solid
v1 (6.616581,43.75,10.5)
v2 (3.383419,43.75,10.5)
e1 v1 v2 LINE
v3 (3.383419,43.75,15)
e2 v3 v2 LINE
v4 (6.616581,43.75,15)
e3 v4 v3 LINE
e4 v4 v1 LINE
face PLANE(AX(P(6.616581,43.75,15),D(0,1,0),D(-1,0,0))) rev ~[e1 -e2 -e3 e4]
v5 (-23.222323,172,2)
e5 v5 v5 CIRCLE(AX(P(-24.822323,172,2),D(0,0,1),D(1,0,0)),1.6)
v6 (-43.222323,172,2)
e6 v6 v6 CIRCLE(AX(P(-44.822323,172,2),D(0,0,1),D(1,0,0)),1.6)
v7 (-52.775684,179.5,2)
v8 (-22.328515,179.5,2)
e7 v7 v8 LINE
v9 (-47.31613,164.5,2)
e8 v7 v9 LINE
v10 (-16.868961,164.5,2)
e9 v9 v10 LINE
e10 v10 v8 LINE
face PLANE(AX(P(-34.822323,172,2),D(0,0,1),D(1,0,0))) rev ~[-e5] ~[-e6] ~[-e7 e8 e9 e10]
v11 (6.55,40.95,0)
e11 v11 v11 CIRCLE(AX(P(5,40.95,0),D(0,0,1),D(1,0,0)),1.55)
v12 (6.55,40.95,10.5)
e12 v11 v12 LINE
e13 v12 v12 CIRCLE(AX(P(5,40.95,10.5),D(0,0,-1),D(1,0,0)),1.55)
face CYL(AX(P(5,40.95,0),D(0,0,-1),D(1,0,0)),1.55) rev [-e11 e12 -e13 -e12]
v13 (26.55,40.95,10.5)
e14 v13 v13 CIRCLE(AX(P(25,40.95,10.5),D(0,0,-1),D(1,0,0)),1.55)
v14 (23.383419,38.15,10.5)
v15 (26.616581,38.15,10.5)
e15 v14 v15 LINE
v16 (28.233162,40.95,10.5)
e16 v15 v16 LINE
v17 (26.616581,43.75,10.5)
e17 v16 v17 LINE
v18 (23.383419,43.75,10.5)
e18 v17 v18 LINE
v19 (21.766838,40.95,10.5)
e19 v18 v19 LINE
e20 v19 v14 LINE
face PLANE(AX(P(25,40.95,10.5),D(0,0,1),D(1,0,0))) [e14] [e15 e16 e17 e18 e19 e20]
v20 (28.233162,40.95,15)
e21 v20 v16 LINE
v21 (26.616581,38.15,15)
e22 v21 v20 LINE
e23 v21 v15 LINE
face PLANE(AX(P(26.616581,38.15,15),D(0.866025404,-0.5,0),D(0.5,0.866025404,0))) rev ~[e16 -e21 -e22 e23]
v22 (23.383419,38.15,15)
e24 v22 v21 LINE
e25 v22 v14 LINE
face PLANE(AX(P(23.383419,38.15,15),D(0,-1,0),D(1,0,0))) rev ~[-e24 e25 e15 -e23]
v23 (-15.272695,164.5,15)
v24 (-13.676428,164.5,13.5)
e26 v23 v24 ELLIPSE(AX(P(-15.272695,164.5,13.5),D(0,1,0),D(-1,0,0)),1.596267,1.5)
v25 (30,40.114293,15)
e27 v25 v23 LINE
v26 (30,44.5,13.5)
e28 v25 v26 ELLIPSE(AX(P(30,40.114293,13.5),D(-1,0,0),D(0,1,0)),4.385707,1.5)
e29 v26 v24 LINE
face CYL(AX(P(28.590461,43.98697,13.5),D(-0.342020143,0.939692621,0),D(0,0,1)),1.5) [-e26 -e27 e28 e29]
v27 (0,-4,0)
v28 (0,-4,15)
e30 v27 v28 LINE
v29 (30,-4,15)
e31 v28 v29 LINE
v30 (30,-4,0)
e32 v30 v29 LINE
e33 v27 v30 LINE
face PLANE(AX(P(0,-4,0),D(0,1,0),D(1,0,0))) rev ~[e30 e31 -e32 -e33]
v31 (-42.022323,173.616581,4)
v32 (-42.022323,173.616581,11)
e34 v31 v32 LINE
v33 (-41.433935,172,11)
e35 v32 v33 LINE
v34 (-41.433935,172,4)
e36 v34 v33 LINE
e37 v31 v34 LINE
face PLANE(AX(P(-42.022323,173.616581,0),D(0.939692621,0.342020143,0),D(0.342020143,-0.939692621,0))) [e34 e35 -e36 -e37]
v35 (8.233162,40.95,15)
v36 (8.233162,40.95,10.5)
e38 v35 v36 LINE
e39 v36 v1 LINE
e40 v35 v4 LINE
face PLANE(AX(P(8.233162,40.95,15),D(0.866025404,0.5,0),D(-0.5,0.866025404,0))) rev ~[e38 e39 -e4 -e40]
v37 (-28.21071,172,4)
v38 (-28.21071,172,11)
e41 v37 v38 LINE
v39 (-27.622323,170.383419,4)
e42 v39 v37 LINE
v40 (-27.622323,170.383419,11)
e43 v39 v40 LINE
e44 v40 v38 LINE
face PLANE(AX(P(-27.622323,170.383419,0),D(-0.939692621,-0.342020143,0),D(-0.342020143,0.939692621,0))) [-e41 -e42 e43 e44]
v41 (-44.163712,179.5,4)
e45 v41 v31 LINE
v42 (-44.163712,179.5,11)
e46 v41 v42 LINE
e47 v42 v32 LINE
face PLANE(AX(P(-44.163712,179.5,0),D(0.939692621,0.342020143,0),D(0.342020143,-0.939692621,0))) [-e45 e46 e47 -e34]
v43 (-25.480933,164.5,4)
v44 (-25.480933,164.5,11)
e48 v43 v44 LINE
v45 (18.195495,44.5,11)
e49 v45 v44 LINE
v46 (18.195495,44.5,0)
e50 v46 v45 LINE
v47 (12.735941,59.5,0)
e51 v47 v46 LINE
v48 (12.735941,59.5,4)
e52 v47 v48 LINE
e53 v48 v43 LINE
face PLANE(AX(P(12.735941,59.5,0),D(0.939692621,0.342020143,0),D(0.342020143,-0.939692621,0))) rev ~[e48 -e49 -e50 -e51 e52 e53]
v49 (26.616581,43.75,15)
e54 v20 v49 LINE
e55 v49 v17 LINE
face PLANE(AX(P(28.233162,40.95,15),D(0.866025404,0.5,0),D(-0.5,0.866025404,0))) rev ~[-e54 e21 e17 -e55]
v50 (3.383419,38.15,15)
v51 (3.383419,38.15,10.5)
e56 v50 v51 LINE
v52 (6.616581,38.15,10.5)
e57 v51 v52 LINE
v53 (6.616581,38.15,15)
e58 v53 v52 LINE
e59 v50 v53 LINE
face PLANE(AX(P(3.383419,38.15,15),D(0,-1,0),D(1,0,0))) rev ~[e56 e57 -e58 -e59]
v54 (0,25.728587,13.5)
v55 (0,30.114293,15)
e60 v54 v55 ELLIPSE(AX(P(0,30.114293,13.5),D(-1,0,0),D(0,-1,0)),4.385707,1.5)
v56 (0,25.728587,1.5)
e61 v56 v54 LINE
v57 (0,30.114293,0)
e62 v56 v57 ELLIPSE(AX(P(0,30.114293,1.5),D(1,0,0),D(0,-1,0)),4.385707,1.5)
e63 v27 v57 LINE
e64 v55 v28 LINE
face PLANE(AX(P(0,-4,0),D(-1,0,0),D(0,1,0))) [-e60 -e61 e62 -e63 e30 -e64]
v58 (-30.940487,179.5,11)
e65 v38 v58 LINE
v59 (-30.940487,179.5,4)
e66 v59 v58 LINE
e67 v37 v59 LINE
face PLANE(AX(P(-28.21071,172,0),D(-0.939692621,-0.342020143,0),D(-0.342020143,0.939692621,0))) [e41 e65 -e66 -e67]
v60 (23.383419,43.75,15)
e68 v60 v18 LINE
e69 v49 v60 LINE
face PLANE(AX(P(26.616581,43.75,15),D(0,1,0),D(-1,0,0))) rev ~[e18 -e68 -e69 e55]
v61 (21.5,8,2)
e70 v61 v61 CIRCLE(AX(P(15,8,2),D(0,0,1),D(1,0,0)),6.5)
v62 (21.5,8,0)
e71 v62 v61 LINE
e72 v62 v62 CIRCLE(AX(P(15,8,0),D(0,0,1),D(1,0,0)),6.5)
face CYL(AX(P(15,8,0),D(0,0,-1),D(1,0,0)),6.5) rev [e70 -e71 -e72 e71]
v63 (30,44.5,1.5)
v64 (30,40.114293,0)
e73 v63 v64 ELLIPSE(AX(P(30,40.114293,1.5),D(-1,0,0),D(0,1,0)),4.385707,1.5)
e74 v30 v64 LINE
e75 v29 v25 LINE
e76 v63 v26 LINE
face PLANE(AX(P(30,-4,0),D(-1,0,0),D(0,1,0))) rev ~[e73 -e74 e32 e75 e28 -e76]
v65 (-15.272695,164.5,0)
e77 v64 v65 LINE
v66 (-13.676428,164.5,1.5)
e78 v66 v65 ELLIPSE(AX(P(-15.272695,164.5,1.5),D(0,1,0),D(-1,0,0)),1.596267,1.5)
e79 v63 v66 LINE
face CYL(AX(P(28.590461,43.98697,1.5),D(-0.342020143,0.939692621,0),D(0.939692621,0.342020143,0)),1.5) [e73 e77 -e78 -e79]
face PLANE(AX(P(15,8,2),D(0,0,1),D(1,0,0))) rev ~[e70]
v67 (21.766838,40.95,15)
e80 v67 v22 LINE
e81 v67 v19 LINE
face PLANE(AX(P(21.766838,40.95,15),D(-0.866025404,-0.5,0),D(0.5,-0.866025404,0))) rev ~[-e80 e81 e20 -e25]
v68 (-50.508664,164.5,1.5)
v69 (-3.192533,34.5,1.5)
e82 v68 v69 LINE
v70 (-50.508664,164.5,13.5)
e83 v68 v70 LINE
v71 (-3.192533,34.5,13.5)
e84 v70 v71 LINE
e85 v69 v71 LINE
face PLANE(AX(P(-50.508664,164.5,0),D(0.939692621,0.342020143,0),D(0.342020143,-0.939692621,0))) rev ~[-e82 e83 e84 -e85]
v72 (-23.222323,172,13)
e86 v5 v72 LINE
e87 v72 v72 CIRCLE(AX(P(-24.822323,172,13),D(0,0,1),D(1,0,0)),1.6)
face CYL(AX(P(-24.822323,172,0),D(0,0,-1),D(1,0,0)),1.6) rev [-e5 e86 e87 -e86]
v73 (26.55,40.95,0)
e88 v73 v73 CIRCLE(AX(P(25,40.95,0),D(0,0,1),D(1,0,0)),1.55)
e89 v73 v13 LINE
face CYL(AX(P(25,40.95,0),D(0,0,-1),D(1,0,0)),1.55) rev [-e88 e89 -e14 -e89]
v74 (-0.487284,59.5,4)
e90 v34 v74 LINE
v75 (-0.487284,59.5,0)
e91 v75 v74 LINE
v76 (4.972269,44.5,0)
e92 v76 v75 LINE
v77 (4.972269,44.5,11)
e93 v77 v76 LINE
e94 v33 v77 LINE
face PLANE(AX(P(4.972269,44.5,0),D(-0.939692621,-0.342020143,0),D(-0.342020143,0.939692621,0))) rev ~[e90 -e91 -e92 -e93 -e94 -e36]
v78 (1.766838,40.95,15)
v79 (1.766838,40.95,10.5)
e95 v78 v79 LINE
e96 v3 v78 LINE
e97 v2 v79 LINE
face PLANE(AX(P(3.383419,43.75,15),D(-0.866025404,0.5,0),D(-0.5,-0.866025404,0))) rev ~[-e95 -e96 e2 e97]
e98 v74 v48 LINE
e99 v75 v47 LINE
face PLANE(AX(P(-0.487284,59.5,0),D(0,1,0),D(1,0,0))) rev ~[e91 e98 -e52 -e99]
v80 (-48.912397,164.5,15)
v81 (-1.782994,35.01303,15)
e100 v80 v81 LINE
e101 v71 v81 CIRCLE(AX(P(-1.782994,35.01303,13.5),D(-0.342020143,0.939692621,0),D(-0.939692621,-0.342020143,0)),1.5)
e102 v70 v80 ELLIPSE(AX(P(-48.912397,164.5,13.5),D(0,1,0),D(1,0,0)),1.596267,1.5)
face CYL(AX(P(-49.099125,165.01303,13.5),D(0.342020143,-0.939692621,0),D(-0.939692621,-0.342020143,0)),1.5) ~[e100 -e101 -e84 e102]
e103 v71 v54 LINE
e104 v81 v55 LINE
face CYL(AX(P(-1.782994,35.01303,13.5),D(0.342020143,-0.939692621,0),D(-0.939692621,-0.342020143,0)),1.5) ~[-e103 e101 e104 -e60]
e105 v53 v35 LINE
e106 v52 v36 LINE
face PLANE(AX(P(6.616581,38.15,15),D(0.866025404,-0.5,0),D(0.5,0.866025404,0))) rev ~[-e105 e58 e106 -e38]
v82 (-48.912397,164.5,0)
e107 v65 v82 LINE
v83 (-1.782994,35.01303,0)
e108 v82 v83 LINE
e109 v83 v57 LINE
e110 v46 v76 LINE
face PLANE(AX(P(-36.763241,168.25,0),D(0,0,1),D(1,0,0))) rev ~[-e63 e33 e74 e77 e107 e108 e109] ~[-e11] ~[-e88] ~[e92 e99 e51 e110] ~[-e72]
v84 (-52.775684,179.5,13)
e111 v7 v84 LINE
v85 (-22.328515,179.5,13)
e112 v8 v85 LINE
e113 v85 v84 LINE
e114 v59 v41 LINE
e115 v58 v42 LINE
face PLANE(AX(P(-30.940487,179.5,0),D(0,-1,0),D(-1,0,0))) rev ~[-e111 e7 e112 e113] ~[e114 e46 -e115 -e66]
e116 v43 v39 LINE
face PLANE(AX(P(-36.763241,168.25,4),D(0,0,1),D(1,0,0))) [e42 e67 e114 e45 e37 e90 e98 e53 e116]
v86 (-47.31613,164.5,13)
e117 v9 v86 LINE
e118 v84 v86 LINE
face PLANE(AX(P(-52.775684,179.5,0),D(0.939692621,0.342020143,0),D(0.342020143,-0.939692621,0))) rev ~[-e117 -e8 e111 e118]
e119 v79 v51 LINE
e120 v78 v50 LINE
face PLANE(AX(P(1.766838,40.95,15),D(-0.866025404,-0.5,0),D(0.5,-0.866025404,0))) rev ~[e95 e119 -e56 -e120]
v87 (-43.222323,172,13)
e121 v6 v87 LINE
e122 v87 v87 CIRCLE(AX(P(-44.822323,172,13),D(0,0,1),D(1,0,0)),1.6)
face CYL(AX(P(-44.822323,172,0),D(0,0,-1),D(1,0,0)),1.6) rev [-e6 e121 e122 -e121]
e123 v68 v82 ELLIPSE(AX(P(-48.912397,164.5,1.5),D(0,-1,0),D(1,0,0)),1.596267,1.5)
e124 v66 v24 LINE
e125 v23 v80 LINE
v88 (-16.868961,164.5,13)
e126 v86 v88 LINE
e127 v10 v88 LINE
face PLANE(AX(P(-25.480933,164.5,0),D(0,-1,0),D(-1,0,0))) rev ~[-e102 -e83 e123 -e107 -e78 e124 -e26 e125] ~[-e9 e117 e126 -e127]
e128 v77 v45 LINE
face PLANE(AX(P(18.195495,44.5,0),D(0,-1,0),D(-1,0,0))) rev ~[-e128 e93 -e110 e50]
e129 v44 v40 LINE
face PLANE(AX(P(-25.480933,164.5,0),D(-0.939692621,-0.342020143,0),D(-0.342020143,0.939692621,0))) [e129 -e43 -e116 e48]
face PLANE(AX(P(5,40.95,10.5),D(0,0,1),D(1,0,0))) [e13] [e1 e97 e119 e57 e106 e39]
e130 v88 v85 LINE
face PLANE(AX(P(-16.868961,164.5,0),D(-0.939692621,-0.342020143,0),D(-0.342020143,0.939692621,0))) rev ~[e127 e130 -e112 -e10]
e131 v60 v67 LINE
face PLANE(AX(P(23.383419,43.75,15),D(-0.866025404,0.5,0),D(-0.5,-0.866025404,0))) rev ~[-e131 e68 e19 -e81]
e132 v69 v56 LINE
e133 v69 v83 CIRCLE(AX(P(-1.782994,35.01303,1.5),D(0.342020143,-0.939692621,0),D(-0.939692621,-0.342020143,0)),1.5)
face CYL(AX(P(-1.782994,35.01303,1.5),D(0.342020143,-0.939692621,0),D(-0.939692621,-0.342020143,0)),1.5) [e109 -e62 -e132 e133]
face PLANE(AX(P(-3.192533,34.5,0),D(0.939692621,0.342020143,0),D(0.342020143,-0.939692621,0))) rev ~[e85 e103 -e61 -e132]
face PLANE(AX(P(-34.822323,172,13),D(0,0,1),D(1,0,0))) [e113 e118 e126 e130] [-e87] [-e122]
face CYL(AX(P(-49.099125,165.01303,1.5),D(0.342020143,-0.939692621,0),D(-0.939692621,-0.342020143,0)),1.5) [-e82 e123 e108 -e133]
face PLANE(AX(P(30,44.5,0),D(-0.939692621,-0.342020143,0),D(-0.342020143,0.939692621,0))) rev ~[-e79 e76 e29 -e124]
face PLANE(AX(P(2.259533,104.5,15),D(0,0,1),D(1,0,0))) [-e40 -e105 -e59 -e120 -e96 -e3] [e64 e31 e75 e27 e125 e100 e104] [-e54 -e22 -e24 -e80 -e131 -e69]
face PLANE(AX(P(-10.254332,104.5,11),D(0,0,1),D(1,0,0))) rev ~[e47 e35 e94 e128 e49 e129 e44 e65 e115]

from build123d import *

# Parameters (mm, degrees)
SKETCH1_W            = 30
SKETCH1_H            = 48.5
SKETCH1_R            = 1.55
BOSS_EXTRUDE1_DEPTH  = 15
SKETCH1_3_R          = 6.5
CUT_EXTRUDE2_DEPTH   = 2
CUT_EXTRUDE3_DEPTH   = 4.5
BOSS_EXTRUDE2_DEPTH  = 15
CUT_EXTRUDE4_DEPTH   = 11
SKETCH2_5_R          = 1.6
BOSS_EXTRUDE4_DEPTH  = 13
SKETCH2_6_R          = 1.6
CUT_EXTRUDE5_DEPTH   = 2
CUT_EXTRUDE6_DEPTH   = 11
BOSS_EXTRUDE8_DEPTH  = 4
BOSS_EXTRUDE10_DEPTH = 4
CUT_EXTRUDE8_DEPTH   = 2
CUT_EXTRUDE9_REACH   = 17
FILLET1_R            = 1.5


with BuildPart() as part:
    # Sketch1 → Boss-Extrude1 (new body)
    with BuildSketch(Plane.XY):
        with Locations((15, 20.25)):
            Rectangle(SKETCH1_W, SKETCH1_H)
        with Locations((5, 40.95)):
            Circle(SKETCH1_R, mode=Mode.SUBTRACT)
        with Locations((25, 40.95)):
            Circle(SKETCH1_R, mode=Mode.SUBTRACT)
    extrude(amount=BOSS_EXTRUDE1_DEPTH)

    # Sketch1<3> → Cut-Extrude2 (cut)
    with BuildSketch(Plane.XY):
        with Locations((15, 8)):
            Circle(SKETCH1_3_R)
    extrude(amount=CUT_EXTRUDE2_DEPTH, mode=Mode.SUBTRACT)

    # Sketch4 → Cut-Extrude3 (cut)
    with BuildSketch(Plane.XY.offset(15)):
        Polygon((8.233161507, 40.95), (6.616580754, 43.75), (3.383419246, 43.75), (1.766838493, 40.95), (3.383419246, 38.15), (6.616580754, 38.15), align=None)
        Polygon((28.233161507, 40.95), (26.616580754, 43.75), (23.383419246, 43.75), (21.766838493, 40.95), (23.383419246, 38.15), (26.616580754, 38.15), align=None)
    extrude(amount=-CUT_EXTRUDE3_DEPTH, mode=Mode.SUBTRACT)

    # Sketch2 → Boss-Extrude2 (add)
    with BuildSketch(Plane.XY):
        Polygon((-25.480933218, 164.5), (18.195494894, 44.5), (30, 44.5), (-13.676428112, 164.5), (-16.868961429, 164.5), align=None)
        Polygon((-32.092545942, 164.5), (-38.704158666, 164.5), (4.972269446, 44.5), (18.195494894, 44.5), (-25.480933218, 164.5), align=None)
        Polygon((-47.316130455, 164.5), (0, 34.5), (0, 44.5), (4.972269446, 44.5), (-38.704158666, 164.5), align=None)
        Polygon((-3.192533317, 34.5), (0, 34.5), (-47.316130455, 164.5), (-50.508663772, 164.5), align=None)
        Polygon((0, 25.7285868), (0, 34.5), (-3.192533317, 34.5), align=None)
    extrude(amount=BOSS_EXTRUDE2_DEPTH)

    # Sketch2<3> → Cut-Extrude4 (cut)
    with BuildSketch(Plane.XY):
        Polygon((-32.092545942, 164.5), (-38.704158666, 164.5), (4.972269446, 44.5), (18.195494894, 44.5), (-25.480933218, 164.5), align=None)
        Polygon((-41.433935423, 172), (-38.704158666, 164.5), (-32.092545942, 164.5), (-34.822322699, 172), align=None)
        Polygon((-37.552099456, 179.5), (-44.16371218, 179.5), (-42.022322699, 173.616580754), (-41.433935423, 172), (-34.822322699, 172), align=None)
        Polygon((-30.940486732, 179.5), (-37.552099456, 179.5), (-34.822322699, 172), (-28.210709975, 172), align=None)
        Polygon((-34.822322699, 172), (-32.092545942, 164.5), (-25.480933218, 164.5), (-27.622322699, 170.383419246), (-28.210709975, 172), align=None)
    extrude(amount=CUT_EXTRUDE4_DEPTH, mode=Mode.SUBTRACT)

    # Sketch2<5> → Boss-Extrude4 (add)
    with BuildSketch(Plane.XY):
        Polygon((-52.775683969, 179.5), (-47.316130455, 164.5), (-16.868961429, 164.5), (-22.328514943, 179.5), align=None)
        with Locations((-44.822322699, 172)):
            Circle(SKETCH2_5_R, mode=Mode.SUBTRACT)
        with Locations((-24.822322699, 172)):
            Circle(SKETCH2_5_R, mode=Mode.SUBTRACT)
    extrude(amount=BOSS_EXTRUDE4_DEPTH)

    # Sketch2<6> → Cut-Extrude5 (cut)
    with BuildSketch(Plane.XY):
        Polygon((-52.775683969, 179.5), (-47.316130455, 164.5), (-16.868961429, 164.5), (-22.328514943, 179.5), align=None)
        with Locations((-44.822322699, 172)):
            Circle(SKETCH2_6_R, mode=Mode.SUBTRACT)
        with Locations((-24.822322699, 172)):
            Circle(SKETCH2_6_R, mode=Mode.SUBTRACT)
    extrude(amount=CUT_EXTRUDE5_DEPTH, mode=Mode.SUBTRACT)

    # Sketch2<7> → Cut-Extrude6 (cut)
    with BuildSketch(Plane.XY):
        Polygon((-37.552099456, 179.5), (-44.16371218, 179.5), (-42.022322699, 173.616580754), (-41.433935423, 172), (-34.822322699, 172), align=None)
        Polygon((-41.433935423, 172), (-38.704158666, 164.5), (-32.092545942, 164.5), (-34.822322699, 172), align=None)
        Polygon((-34.822322699, 172), (-32.092545942, 164.5), (-25.480933218, 164.5), (-27.622322699, 170.383419246), (-28.210709975, 172), align=None)
        Polygon((-30.940486732, 179.5), (-37.552099456, 179.5), (-34.822322699, 172), (-28.210709975, 172), align=None)
    extrude(amount=CUT_EXTRUDE6_DEPTH, mode=Mode.SUBTRACT)

    # Sketch2<9> → Boss-Extrude8 (add)
    with BuildSketch(Plane.XY):
        Polygon((-32.092545942, 164.5), (-38.704158666, 164.5), (4.972269446, 44.5), (18.195494894, 44.5), (-25.480933218, 164.5), align=None)
    extrude(amount=BOSS_EXTRUDE8_DEPTH)

    # Sketch2<11> → Boss-Extrude10 (add)
    with BuildSketch(Plane.XY):
        Polygon((-41.433935423, 172), (-38.704158666, 164.5), (-32.092545942, 164.5), (-34.822322699, 172), align=None)
        Polygon((-37.552099456, 179.5), (-44.16371218, 179.5), (-42.022322699, 173.616580754), (-41.433935423, 172), (-34.822322699, 172), align=None)
        Polygon((-34.822322699, 172), (-32.092545942, 164.5), (-25.480933218, 164.5), (-27.622322699, 170.383419246), (-28.210709975, 172), align=None)
        Polygon((-30.940486732, 179.5), (-37.552099456, 179.5), (-34.822322699, 172), (-28.210709975, 172), align=None)
    extrude(amount=BOSS_EXTRUDE10_DEPTH)

    # Sketch2<12> → Cut-Extrude8 (cut)
    with BuildSketch(Plane.XY):
        Polygon((-37.552099456, 179.5), (-44.16371218, 179.5), (-42.022322699, 173.616580754), (-41.433935423, 172), (-34.822322699, 172), align=None)
        Polygon((-41.433935423, 172), (-38.704158666, 164.5), (-32.092545942, 164.5), (-34.822322699, 172), align=None)
        Polygon((-34.822322699, 172), (-32.092545942, 164.5), (-25.480933218, 164.5), (-27.622322699, 170.383419246), (-28.210709975, 172), align=None)
        Polygon((-30.940486732, 179.5), (-37.552099456, 179.5), (-34.822322699, 172), (-28.210709975, 172), align=None)
    extrude(amount=CUT_EXTRUDE8_DEPTH, mode=Mode.SUBTRACT)

    # Sketch6 → Cut-Extrude9 (cut, up to next)
    with BuildSketch(Plane(origin=(0, 0, 0), x_dir=(-1, 0, 0), z_dir=(0, 0, -1)), mode=Mode.PRIVATE) as cut_extrude9_sk1:
        Polygon((-18.195494894, 44.5), (-4.972269446, 44.5), (0.487284068, 59.5), (-12.73594138, 59.5), align=None)
    cut_extrude9_tool1 = extrude(cut_extrude9_sk1.sketch, amount=-CUT_EXTRUDE9_REACH, mode=Mode.PRIVATE) & part.part
    add(cut_extrude9_tool1.solids().sort_by_distance((8.854105, 52, 0))[0], mode=Mode.SUBTRACT)

    # Fillet1
    fillet1_edges = [part.edges().sort_by_distance(p)[0] for p in [
        (-25.254331886, 95.1142934, 0),
        (8.161785944, 104.5, 0),
        (-25.254331886, 95.1142934, 15),
        (8.161785944, 104.5, 15),
    ]]
    fillet(fillet1_edges, radius=FILLET1_R)


solid = part.part
